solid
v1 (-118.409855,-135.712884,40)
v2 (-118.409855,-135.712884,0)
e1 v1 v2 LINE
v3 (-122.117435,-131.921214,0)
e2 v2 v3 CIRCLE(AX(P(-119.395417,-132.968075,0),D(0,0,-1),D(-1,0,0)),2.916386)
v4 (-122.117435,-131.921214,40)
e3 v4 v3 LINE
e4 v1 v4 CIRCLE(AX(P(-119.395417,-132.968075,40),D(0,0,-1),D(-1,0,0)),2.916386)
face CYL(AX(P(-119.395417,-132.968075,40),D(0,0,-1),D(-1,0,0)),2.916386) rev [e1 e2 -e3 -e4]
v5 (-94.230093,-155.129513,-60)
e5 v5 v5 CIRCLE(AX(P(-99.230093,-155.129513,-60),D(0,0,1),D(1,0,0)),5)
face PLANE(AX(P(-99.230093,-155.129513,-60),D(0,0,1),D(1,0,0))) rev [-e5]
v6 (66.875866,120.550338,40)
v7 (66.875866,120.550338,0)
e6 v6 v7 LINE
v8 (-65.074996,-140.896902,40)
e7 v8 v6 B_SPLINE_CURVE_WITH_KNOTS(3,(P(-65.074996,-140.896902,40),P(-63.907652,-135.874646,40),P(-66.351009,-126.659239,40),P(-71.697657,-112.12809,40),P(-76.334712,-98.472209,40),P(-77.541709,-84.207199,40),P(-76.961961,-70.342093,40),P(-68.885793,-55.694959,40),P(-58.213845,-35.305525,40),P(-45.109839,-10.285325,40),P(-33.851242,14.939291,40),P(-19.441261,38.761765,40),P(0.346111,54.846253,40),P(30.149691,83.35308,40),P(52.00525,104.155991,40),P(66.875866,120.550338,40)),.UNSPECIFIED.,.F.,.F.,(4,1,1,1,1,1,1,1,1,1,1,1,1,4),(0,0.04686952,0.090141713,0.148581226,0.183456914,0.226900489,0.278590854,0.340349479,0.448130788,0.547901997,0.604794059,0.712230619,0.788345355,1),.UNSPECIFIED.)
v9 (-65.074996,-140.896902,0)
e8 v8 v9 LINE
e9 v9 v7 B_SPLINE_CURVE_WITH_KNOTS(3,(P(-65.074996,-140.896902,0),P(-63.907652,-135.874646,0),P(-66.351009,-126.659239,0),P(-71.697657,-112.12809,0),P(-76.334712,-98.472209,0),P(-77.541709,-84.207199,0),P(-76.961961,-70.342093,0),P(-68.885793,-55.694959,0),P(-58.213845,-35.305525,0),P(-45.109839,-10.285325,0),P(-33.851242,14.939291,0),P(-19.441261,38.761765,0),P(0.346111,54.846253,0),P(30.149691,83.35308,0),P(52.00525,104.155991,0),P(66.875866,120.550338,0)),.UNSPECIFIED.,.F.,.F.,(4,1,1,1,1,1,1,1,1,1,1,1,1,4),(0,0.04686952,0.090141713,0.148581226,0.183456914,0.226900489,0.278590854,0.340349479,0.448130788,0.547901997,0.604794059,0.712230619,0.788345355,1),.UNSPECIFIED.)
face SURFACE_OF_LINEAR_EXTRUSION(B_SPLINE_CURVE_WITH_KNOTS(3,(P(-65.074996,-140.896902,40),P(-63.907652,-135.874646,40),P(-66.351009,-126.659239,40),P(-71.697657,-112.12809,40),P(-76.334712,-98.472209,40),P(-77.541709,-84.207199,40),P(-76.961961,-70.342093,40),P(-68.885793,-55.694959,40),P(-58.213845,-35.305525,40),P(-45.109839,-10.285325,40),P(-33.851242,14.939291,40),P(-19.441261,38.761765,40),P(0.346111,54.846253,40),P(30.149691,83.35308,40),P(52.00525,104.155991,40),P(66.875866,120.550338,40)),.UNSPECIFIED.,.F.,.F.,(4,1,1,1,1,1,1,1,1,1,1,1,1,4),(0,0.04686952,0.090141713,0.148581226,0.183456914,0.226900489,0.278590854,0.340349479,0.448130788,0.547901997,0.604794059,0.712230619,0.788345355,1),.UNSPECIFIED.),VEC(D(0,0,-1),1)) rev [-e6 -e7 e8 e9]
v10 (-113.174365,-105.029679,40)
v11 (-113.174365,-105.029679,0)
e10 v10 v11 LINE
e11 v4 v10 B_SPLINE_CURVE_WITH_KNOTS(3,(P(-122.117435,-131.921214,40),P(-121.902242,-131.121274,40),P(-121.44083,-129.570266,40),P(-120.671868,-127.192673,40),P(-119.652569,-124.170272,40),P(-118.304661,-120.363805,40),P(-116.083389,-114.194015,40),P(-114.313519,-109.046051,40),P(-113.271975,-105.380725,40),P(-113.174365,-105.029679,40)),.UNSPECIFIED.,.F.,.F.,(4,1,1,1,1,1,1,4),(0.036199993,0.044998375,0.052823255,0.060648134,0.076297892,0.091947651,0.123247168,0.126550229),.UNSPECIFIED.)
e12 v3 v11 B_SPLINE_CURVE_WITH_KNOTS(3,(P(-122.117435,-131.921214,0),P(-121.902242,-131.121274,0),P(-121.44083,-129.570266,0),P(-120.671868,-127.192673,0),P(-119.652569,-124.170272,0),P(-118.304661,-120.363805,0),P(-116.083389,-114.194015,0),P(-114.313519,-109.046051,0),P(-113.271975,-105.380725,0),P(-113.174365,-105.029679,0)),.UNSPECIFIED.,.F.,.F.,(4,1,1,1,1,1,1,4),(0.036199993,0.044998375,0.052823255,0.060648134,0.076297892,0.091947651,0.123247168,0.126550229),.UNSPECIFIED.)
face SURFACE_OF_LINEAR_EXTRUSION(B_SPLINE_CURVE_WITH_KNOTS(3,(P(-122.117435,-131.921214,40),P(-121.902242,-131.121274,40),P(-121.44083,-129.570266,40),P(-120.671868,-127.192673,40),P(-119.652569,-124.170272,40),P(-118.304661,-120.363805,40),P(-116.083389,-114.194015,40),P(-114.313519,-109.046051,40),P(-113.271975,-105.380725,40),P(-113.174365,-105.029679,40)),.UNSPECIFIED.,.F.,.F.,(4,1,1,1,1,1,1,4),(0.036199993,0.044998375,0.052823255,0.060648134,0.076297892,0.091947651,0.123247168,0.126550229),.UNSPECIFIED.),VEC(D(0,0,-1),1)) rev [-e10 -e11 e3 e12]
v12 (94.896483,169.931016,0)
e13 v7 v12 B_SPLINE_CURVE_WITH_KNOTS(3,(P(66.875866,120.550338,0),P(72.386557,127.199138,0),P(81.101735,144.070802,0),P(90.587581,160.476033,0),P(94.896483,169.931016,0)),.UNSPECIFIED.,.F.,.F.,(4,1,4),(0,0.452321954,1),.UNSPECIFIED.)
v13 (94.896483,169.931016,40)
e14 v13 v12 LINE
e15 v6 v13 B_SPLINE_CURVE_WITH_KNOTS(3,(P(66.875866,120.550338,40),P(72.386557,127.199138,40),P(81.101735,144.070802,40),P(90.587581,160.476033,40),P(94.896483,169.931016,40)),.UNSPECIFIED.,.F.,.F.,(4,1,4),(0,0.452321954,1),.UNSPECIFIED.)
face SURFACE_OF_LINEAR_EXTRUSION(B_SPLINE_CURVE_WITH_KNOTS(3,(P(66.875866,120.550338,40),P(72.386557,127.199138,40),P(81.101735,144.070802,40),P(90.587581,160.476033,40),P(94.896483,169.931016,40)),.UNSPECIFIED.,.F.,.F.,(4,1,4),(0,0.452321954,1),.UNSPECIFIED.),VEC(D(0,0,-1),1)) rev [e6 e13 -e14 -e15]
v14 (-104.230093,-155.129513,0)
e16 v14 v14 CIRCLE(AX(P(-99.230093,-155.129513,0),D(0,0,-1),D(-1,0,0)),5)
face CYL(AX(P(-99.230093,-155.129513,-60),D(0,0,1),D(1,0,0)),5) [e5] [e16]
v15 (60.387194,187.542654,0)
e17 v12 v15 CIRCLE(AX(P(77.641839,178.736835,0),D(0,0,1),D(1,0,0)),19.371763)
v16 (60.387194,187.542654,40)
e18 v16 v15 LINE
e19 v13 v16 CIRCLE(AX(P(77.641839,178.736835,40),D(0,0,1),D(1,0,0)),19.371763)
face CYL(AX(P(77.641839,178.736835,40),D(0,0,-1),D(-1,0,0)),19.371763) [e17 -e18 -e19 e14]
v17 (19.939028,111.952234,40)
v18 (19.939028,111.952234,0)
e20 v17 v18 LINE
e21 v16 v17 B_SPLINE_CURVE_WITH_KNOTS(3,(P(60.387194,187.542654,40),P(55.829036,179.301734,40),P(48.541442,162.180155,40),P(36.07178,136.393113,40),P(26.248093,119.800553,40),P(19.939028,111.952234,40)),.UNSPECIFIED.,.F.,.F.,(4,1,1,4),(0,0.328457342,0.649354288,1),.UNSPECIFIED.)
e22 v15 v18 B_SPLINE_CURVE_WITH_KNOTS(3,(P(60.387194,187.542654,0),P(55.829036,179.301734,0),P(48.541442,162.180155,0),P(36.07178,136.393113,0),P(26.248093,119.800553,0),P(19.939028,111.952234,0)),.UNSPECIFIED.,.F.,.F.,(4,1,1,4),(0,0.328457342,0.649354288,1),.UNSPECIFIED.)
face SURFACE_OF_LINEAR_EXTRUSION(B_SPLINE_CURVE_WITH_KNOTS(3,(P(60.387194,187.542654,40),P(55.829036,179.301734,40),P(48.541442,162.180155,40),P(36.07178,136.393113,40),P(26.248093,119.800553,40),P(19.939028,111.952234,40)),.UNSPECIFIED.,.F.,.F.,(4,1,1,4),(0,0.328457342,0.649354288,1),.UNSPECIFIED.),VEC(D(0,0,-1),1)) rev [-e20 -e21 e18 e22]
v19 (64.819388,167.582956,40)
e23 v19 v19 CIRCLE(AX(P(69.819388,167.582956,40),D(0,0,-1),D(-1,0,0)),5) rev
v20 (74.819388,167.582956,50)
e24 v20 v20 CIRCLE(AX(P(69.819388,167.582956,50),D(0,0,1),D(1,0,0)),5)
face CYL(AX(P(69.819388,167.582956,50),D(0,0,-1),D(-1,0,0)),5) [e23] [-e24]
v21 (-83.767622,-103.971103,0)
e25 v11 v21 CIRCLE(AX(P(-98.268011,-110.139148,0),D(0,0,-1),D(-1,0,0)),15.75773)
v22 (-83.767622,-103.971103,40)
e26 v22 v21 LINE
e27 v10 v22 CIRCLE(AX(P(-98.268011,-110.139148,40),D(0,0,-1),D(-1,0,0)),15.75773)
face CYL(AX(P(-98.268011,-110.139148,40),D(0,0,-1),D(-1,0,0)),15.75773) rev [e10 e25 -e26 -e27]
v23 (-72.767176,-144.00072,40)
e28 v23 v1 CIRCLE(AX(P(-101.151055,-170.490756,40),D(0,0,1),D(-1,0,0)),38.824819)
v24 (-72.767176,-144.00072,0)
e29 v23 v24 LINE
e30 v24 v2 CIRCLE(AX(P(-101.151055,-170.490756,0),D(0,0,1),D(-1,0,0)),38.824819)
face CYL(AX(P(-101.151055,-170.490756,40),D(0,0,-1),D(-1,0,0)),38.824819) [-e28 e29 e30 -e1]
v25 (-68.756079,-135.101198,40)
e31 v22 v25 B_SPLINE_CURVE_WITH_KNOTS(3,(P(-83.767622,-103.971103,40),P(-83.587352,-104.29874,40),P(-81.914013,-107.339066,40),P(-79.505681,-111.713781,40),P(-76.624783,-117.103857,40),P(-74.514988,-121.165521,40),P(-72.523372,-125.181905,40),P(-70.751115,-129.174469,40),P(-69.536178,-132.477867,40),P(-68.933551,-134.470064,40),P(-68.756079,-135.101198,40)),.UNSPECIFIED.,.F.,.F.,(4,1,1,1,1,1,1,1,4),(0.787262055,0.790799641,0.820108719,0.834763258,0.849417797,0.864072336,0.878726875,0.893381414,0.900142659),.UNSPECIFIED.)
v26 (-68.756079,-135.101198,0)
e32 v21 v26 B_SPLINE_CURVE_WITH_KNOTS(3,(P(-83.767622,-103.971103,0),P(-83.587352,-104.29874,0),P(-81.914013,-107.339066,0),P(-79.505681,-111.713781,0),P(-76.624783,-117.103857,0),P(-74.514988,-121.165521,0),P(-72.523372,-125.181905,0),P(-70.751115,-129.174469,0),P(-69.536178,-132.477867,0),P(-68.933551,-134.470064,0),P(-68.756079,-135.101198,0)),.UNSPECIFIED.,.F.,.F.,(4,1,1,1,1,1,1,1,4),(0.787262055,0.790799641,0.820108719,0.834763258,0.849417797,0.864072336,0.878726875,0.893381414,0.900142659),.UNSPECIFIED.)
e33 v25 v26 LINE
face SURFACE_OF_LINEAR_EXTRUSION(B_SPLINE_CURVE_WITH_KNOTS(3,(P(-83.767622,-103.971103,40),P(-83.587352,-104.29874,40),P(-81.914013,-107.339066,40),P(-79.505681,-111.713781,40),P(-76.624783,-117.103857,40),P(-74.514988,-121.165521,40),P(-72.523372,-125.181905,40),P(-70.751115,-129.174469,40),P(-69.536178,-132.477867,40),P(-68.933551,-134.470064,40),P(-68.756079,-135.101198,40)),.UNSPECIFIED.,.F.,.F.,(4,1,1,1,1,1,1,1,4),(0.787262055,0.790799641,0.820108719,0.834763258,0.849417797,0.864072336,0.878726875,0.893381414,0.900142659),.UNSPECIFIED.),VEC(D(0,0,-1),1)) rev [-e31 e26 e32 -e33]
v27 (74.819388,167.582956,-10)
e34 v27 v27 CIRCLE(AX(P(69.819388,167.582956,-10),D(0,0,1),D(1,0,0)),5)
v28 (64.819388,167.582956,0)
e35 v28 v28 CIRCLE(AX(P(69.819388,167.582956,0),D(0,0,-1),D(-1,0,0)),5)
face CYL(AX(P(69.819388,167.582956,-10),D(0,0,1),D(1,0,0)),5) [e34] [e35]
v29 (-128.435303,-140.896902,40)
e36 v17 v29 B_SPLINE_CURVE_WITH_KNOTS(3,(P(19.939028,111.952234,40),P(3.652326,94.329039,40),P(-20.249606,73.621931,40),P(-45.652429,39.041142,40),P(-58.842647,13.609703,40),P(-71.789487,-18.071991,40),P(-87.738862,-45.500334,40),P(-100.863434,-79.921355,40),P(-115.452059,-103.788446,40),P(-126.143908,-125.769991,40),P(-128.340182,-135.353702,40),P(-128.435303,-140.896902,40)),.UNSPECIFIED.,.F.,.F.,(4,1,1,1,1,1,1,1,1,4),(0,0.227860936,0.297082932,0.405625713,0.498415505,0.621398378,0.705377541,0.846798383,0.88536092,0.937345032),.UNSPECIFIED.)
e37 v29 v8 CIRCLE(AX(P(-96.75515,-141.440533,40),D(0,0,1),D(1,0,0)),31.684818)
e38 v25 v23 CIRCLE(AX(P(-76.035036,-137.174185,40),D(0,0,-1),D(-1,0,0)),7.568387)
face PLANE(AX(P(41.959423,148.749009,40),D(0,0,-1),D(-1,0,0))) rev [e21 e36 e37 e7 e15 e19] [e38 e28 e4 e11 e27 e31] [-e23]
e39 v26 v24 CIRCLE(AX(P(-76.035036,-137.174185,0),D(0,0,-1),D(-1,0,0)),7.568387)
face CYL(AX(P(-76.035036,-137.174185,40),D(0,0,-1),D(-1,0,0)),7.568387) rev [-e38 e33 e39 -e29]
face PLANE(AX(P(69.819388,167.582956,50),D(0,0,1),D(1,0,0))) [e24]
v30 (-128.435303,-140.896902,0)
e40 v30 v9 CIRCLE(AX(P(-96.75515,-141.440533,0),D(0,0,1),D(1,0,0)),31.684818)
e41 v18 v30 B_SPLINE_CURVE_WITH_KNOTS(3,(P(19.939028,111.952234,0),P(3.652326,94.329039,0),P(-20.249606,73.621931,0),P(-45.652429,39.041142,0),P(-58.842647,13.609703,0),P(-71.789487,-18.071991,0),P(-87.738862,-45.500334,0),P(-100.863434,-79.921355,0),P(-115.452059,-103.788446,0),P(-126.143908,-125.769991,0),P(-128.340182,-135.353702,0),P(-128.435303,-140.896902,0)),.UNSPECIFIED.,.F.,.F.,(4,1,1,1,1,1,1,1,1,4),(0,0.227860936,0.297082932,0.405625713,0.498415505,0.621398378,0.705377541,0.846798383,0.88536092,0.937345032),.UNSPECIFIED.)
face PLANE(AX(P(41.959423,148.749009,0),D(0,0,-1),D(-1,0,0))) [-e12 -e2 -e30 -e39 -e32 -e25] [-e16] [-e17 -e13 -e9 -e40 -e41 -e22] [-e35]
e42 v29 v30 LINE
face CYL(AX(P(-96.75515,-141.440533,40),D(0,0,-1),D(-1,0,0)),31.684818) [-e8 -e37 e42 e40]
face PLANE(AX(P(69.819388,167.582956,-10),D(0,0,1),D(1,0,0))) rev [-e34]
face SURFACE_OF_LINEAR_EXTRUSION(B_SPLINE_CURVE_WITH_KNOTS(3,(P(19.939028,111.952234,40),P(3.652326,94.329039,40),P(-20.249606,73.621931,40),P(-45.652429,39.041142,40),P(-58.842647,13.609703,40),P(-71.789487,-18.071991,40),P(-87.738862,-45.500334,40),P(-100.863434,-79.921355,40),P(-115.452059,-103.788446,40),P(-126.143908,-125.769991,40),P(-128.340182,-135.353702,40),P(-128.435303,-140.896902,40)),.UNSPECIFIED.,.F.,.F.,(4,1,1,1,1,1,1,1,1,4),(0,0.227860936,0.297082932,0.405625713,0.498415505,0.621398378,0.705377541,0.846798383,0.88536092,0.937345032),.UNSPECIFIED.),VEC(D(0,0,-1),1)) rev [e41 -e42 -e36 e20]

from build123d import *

# Parameters (mm, degrees)
BOSS_EXTRUDE1_DEPTH = 40
SKETCH3_R           = 5
BOSS_EXTRUDE3_DEPTH = 10
CUT_EXTRUDE1_DEPTH  = 40
BOSS_EXTRUDE6_START = -50
SKETCH3_2_R         = 5
BOSS_EXTRUDE6_DEPTH = 50
SKETCH4_R           = 5
BOSS_EXTRUDE7_DEPTH = 100


with BuildPart() as part:
    # Sketch1 → Boss-Extrude1 (new body)
    with BuildSketch(Plane.XY):
        with BuildLine():
            ThreePointArc((-128.435303347, -140.896902453), (-96.755149526, -173.125351057), (-65.074995705, -140.896902453))
            add(Edge.make_bspline(
                [(-65.074995705, -140.896902453), (-63.907652097, -135.87464552), (-66.35100912, -126.659238679), (-71.697657005, -112.128089654), (-76.334712316, -98.472209398), (-77.541709446, -84.207198732), (-76.961960819, -70.342092539), (-68.88579276, -55.69495944), (-58.213845257, -35.305524849), (-45.109839414, -10.285325139), (-33.851241856, 14.939291119), (-19.441261208, 38.761764832), (0.34611134, 54.846253057), (30.149690797, 83.353080433), (52.005250373, 104.155990976), (66.875865875, 120.550338304)],
                knots=[0, 0, 0, 0, 0.04686952, 0.090141713, 0.148581226, 0.183456914, 0.226900489, 0.278590854, 0.340349479, 0.448130788, 0.547901997, 0.604794059, 0.712230619, 0.788345355, 1, 1, 1, 1], degree=3))
            add(Edge.make_bspline(
                [(66.875865875, 120.550338304), (72.386556563, 127.19913785), (81.101735437, 144.070801532), (90.587580648, 160.476032838), (94.896483447, 169.931016127)],
                knots=[0, 0, 0, 0, 0.452321954, 1, 1, 1, 1], degree=3))
            ThreePointArc((94.896483447, 169.931016127), (86.447657386, 195.991479609), (60.387193905, 187.542653548))
            add(Edge.make_bspline(
                [(19.939027909, 111.952234191), (26.24809298, 119.800552758), (36.071780336, 136.393112866), (48.541442057, 162.180154607), (55.829036332, 179.301734236), (60.387193905, 187.542653548)],
                knots=[0, 0, 0, 0, 0.350645712, 0.671542658, 1, 1, 1, 1], degree=3))
            add(Edge.make_bspline(
                [(19.939027909, 111.952234191), (3.65232557, 94.329038748), (-20.249605672, 73.621931367), (-45.652429062, 39.041142074), (-58.842646897, 13.609703306), (-71.789487323, -18.071990564), (-87.738861669, -45.500334261), (-100.863433523, -79.921354986), (-115.452059141, -103.788445803), (-126.143907942, -125.769991297), (-128.340182149, -135.353702394), (-128.435303347, -140.896902453)],
                knots=[0, 0, 0, 0, 0.227860936, 0.297082932, 0.405625713, 0.498415505, 0.621398378, 0.705377541, 0.846798383, 0.88536092, 0.937345032, 0.937345032, 0.937345032, 0.937345032], degree=3))
        make_face()
    extrude(amount=BOSS_EXTRUDE1_DEPTH)

    # Sketch3 → Boss-Extrude3 (add)
    with BuildSketch(Plane.XY.offset(40)):
        with Locations((69.819387709, 167.582956348)):
            Circle(SKETCH3_R)
    extrude(amount=BOSS_EXTRUDE3_DEPTH)

    # Sketch2 → Cut-Extrude1 (cut)
    with BuildSketch(Plane(origin=(0, 0, 0), x_dir=(-1, 0, 0), z_dir=(0, 0, -1))):
        with BuildLine():
            ThreePointArc((68.756079477, -135.101198343), (69.135093574, -140.284053245), (72.767176325, -144.000719965))
            ThreePointArc((72.767176325, -144.000719965), (94.214636305, -132.290590151), (118.40985459, -135.71288353))
            ThreePointArc((118.40985459, -135.71288353), (121.480604985, -135.007019726), (122.117435387, -131.921213715))
            add(Edge.make_bspline(
                [(122.117435387, -131.921213715), (121.902241698, -131.121274345), (121.440830196, -129.570265663), (120.671868024, -127.192672605), (119.652569307, -124.170271778), (118.304661288, -120.363805326), (116.083389287, -114.1940152), (114.313518517, -109.046051235), (113.271974893, -105.380725172), (113.174364562, -105.029678695)],
                knots=[0.036199993, 0.036199993, 0.036199993, 0.036199993, 0.044998375, 0.052823255, 0.060648134, 0.076297892, 0.091947651, 0.123247168, 0.126550229, 0.126550229, 0.126550229, 0.126550229], degree=3))
            ThreePointArc((113.174364562, -105.029678695), (98.834885933, -94.391617828), (83.767621929, -103.971103295))
            add(Edge.make_bspline(
                [(83.767621929, -103.971103295), (83.587351822, -104.298739766), (81.914012514, -107.339065994), (79.505680761, -111.713780784), (76.624782808, -117.103856723), (74.514987608, -121.165521306), (72.523371571, -125.181904734), (70.751114993, -129.17446861), (69.536178497, -132.477867128), (68.933551478, -134.470064331), (68.756079477, -135.101198343)],
                knots=[0.787262055, 0.787262055, 0.787262055, 0.787262055, 0.790799641, 0.820108719, 0.834763258, 0.849417797, 0.864072336, 0.878726875, 0.893381414, 0.900142659, 0.900142659, 0.900142659, 0.900142659], degree=3))
        make_face()
    extrude(amount=-CUT_EXTRUDE1_DEPTH, mode=Mode.SUBTRACT)

    # Sketch3<2> → Boss-Extrude6 (add)
    with BuildSketch(Plane.XY.offset(40).offset(BOSS_EXTRUDE6_START)):
        with Locations((69.819387709, 167.582956348)):
            Circle(SKETCH3_2_R)
    extrude(amount=BOSS_EXTRUDE6_DEPTH)

    # Sketch4 → Boss-Extrude7 (add)
    with BuildSketch(Plane.XY.offset(40)):
        with Locations((-99.230093204, -155.129512749)):
            Circle(SKETCH4_R)
    extrude(amount=-BOSS_EXTRUDE7_DEPTH)


solid = part.part
